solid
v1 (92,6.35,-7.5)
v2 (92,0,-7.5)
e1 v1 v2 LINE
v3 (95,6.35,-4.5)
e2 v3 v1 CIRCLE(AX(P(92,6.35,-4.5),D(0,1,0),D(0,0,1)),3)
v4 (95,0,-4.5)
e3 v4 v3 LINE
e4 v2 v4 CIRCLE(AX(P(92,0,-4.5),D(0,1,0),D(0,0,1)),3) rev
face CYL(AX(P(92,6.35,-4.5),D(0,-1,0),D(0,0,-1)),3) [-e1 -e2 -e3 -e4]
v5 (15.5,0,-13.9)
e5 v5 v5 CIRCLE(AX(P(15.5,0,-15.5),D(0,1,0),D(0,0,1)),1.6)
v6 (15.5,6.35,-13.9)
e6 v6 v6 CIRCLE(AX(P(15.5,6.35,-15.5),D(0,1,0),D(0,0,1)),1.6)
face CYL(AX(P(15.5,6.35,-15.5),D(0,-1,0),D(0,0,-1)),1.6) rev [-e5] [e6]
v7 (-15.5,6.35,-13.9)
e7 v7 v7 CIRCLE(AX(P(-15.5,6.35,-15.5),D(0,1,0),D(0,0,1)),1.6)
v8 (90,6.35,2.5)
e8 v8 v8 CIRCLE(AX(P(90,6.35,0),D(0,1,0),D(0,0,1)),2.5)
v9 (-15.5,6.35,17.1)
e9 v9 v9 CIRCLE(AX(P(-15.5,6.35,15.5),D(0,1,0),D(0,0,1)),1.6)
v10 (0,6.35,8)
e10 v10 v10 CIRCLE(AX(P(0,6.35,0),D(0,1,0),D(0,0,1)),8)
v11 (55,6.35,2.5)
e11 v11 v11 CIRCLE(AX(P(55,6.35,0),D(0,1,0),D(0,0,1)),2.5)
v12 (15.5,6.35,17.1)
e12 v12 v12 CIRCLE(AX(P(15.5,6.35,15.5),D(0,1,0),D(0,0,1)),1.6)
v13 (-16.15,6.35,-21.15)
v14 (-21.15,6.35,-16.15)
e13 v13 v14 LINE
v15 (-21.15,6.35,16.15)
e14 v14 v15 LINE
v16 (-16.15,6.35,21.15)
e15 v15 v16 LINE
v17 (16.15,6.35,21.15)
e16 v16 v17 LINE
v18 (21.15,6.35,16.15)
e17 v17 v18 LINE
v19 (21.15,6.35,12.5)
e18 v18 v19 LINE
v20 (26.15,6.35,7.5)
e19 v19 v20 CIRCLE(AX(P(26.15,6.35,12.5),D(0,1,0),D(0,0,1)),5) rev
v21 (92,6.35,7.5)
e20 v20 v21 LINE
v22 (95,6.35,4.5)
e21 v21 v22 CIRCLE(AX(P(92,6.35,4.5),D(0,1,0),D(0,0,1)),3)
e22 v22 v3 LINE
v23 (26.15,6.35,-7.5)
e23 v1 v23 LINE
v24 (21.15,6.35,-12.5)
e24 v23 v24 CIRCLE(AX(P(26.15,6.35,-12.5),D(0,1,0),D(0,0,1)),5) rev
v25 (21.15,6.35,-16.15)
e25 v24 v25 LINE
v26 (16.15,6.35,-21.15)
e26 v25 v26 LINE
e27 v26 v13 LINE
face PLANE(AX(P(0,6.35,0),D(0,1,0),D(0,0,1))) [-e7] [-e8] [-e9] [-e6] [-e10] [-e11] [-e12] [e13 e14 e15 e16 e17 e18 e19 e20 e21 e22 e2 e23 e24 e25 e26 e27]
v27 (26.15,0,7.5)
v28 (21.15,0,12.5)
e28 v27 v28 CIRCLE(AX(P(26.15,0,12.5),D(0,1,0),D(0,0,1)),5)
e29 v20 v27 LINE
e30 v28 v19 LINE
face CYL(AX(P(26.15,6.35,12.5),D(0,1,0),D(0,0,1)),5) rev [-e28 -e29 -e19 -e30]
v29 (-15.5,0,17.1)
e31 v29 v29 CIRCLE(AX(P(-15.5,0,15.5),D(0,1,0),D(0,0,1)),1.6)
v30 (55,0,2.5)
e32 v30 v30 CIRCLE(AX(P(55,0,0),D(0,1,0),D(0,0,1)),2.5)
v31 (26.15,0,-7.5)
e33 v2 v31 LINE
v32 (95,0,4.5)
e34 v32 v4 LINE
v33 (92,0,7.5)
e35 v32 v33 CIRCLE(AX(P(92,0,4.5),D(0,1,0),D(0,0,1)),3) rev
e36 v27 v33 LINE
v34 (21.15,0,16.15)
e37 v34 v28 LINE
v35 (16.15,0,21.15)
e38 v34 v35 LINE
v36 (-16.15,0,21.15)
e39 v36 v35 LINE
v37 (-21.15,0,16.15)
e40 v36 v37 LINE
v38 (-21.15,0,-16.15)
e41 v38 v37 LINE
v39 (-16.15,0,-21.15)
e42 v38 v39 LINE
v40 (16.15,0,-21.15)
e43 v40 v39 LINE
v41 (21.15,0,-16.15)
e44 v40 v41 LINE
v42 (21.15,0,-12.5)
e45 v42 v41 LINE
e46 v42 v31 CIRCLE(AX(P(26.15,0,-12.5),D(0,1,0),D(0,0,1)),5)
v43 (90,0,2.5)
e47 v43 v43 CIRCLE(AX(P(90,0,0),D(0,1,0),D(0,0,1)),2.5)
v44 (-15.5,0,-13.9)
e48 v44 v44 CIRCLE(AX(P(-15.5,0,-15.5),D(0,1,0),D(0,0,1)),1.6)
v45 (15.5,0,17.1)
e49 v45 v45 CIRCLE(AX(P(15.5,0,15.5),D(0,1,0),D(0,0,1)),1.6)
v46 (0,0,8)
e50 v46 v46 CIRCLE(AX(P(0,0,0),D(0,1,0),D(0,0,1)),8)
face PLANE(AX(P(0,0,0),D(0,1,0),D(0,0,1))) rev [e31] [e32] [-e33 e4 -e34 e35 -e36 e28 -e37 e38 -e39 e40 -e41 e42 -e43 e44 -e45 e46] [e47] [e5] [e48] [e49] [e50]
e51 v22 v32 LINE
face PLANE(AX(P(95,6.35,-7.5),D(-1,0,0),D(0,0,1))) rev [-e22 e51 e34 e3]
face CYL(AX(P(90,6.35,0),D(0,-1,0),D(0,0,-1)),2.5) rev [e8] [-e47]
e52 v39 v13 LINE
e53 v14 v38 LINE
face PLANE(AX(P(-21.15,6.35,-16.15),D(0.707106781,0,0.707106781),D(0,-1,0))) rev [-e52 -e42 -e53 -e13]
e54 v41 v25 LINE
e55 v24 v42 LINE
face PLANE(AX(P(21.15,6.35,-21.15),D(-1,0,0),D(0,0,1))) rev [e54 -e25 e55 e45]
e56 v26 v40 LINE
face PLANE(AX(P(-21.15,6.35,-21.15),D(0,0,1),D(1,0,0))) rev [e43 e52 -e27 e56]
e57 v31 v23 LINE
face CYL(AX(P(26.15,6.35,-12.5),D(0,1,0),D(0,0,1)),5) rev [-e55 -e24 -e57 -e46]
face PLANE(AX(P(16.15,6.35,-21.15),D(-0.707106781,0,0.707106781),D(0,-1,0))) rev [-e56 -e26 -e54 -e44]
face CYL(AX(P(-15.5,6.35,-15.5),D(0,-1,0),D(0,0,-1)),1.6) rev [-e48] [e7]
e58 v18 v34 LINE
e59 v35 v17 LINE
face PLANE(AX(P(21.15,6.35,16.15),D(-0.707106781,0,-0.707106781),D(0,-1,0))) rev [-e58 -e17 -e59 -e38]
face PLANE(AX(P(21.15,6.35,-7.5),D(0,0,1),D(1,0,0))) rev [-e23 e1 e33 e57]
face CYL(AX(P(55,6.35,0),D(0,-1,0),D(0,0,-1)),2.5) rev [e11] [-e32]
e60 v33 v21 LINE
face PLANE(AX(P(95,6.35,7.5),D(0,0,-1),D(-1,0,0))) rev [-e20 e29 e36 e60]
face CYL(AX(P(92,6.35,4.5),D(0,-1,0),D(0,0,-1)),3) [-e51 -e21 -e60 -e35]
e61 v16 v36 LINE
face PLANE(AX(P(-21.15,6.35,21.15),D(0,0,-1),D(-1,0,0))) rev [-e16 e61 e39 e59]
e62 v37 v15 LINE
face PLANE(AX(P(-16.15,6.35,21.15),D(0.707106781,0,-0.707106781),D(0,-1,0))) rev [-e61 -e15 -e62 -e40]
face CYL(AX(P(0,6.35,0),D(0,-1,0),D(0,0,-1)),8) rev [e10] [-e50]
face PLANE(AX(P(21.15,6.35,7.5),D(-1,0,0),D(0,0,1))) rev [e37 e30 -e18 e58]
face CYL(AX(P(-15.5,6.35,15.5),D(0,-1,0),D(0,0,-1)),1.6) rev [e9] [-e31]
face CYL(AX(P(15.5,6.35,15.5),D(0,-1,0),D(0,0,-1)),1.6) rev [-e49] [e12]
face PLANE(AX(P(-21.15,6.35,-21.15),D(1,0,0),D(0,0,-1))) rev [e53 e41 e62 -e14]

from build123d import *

# Parameters (mm, degrees)
SKETCH1_R           = 1.6
SKETCH1_R_2         = 8
SKETCH1_R_3         = 2.5
BOSS_EXTRUDE2_DEPTH = 6.35
CHAMFER2_SIZE       = 5
FILLET1_R           = 3
FILLET2_R           = 5


with BuildPart() as part:
    # Sketch1 → Boss-Extrude2 (new body)
    with BuildSketch(Plane(origin=(0, 0, 0), x_dir=(1, 0, 0), z_dir=(0, 1, 0))):
        Polygon((-21.15, 21.15), (21.15, 21.15), (21.15, 7.5), (95, 7.5), (95, -7.5), (21.15, -7.5), (21.15, -21.15), (-21.15, -21.15), align=None)
        with Locations(Location((-15.5, 15.5, 0), (0, 0, 270))):
            Circle(SKETCH1_R, mode=Mode.SUBTRACT)
        with Locations(Location((15.5, 15.5, 0), (0, 0, 270))):
            Circle(SKETCH1_R, mode=Mode.SUBTRACT)
        with Locations(Location((15.5, -15.5, 0), (0, 0, 270))):
            Circle(SKETCH1_R, mode=Mode.SUBTRACT)
        with Locations(Location((-15.5, -15.5, 0), (0, 0, 270))):
            Circle(SKETCH1_R, mode=Mode.SUBTRACT)
        with Locations(Location((0, 0, 0), (0, 0, 270))):
            Circle(SKETCH1_R_2, mode=Mode.SUBTRACT)
        with Locations(Location((90, 0, 0), (0, 0, 270))):
            Circle(SKETCH1_R_3, mode=Mode.SUBTRACT)
        with Locations(Location((55, 0, 0), (0, 0, 270))):
            Circle(SKETCH1_R_3, mode=Mode.SUBTRACT)
    extrude(amount=BOSS_EXTRUDE2_DEPTH)

    # Chamfer2
    chamfer2_edges = [part.edges().sort_by_distance(p)[0] for p in [
        (21.15, 3.175, 21.15),
        (-21.15, 3.175, 21.15),
        (-21.15, 3.175, -21.15),
        (21.15, 3.175, -21.15),
    ]]
    chamfer(chamfer2_edges, length=CHAMFER2_SIZE)

    # Fillet1
    fillet1_edges = [part.edges().sort_by_distance(p)[0] for p in [
        (95, 3.175, -7.5),
        (95, 3.175, 7.5),
    ]]
    fillet(fillet1_edges, radius=FILLET1_R)

    # Fillet2
    fillet2_edges = [part.edges().sort_by_distance(p)[0] for p in [
        (21.15, 3.175, -7.5),
        (21.15, 3.175, 7.5),
    ]]
    fillet(fillet2_edges, radius=FILLET2_R)


solid = part.part
